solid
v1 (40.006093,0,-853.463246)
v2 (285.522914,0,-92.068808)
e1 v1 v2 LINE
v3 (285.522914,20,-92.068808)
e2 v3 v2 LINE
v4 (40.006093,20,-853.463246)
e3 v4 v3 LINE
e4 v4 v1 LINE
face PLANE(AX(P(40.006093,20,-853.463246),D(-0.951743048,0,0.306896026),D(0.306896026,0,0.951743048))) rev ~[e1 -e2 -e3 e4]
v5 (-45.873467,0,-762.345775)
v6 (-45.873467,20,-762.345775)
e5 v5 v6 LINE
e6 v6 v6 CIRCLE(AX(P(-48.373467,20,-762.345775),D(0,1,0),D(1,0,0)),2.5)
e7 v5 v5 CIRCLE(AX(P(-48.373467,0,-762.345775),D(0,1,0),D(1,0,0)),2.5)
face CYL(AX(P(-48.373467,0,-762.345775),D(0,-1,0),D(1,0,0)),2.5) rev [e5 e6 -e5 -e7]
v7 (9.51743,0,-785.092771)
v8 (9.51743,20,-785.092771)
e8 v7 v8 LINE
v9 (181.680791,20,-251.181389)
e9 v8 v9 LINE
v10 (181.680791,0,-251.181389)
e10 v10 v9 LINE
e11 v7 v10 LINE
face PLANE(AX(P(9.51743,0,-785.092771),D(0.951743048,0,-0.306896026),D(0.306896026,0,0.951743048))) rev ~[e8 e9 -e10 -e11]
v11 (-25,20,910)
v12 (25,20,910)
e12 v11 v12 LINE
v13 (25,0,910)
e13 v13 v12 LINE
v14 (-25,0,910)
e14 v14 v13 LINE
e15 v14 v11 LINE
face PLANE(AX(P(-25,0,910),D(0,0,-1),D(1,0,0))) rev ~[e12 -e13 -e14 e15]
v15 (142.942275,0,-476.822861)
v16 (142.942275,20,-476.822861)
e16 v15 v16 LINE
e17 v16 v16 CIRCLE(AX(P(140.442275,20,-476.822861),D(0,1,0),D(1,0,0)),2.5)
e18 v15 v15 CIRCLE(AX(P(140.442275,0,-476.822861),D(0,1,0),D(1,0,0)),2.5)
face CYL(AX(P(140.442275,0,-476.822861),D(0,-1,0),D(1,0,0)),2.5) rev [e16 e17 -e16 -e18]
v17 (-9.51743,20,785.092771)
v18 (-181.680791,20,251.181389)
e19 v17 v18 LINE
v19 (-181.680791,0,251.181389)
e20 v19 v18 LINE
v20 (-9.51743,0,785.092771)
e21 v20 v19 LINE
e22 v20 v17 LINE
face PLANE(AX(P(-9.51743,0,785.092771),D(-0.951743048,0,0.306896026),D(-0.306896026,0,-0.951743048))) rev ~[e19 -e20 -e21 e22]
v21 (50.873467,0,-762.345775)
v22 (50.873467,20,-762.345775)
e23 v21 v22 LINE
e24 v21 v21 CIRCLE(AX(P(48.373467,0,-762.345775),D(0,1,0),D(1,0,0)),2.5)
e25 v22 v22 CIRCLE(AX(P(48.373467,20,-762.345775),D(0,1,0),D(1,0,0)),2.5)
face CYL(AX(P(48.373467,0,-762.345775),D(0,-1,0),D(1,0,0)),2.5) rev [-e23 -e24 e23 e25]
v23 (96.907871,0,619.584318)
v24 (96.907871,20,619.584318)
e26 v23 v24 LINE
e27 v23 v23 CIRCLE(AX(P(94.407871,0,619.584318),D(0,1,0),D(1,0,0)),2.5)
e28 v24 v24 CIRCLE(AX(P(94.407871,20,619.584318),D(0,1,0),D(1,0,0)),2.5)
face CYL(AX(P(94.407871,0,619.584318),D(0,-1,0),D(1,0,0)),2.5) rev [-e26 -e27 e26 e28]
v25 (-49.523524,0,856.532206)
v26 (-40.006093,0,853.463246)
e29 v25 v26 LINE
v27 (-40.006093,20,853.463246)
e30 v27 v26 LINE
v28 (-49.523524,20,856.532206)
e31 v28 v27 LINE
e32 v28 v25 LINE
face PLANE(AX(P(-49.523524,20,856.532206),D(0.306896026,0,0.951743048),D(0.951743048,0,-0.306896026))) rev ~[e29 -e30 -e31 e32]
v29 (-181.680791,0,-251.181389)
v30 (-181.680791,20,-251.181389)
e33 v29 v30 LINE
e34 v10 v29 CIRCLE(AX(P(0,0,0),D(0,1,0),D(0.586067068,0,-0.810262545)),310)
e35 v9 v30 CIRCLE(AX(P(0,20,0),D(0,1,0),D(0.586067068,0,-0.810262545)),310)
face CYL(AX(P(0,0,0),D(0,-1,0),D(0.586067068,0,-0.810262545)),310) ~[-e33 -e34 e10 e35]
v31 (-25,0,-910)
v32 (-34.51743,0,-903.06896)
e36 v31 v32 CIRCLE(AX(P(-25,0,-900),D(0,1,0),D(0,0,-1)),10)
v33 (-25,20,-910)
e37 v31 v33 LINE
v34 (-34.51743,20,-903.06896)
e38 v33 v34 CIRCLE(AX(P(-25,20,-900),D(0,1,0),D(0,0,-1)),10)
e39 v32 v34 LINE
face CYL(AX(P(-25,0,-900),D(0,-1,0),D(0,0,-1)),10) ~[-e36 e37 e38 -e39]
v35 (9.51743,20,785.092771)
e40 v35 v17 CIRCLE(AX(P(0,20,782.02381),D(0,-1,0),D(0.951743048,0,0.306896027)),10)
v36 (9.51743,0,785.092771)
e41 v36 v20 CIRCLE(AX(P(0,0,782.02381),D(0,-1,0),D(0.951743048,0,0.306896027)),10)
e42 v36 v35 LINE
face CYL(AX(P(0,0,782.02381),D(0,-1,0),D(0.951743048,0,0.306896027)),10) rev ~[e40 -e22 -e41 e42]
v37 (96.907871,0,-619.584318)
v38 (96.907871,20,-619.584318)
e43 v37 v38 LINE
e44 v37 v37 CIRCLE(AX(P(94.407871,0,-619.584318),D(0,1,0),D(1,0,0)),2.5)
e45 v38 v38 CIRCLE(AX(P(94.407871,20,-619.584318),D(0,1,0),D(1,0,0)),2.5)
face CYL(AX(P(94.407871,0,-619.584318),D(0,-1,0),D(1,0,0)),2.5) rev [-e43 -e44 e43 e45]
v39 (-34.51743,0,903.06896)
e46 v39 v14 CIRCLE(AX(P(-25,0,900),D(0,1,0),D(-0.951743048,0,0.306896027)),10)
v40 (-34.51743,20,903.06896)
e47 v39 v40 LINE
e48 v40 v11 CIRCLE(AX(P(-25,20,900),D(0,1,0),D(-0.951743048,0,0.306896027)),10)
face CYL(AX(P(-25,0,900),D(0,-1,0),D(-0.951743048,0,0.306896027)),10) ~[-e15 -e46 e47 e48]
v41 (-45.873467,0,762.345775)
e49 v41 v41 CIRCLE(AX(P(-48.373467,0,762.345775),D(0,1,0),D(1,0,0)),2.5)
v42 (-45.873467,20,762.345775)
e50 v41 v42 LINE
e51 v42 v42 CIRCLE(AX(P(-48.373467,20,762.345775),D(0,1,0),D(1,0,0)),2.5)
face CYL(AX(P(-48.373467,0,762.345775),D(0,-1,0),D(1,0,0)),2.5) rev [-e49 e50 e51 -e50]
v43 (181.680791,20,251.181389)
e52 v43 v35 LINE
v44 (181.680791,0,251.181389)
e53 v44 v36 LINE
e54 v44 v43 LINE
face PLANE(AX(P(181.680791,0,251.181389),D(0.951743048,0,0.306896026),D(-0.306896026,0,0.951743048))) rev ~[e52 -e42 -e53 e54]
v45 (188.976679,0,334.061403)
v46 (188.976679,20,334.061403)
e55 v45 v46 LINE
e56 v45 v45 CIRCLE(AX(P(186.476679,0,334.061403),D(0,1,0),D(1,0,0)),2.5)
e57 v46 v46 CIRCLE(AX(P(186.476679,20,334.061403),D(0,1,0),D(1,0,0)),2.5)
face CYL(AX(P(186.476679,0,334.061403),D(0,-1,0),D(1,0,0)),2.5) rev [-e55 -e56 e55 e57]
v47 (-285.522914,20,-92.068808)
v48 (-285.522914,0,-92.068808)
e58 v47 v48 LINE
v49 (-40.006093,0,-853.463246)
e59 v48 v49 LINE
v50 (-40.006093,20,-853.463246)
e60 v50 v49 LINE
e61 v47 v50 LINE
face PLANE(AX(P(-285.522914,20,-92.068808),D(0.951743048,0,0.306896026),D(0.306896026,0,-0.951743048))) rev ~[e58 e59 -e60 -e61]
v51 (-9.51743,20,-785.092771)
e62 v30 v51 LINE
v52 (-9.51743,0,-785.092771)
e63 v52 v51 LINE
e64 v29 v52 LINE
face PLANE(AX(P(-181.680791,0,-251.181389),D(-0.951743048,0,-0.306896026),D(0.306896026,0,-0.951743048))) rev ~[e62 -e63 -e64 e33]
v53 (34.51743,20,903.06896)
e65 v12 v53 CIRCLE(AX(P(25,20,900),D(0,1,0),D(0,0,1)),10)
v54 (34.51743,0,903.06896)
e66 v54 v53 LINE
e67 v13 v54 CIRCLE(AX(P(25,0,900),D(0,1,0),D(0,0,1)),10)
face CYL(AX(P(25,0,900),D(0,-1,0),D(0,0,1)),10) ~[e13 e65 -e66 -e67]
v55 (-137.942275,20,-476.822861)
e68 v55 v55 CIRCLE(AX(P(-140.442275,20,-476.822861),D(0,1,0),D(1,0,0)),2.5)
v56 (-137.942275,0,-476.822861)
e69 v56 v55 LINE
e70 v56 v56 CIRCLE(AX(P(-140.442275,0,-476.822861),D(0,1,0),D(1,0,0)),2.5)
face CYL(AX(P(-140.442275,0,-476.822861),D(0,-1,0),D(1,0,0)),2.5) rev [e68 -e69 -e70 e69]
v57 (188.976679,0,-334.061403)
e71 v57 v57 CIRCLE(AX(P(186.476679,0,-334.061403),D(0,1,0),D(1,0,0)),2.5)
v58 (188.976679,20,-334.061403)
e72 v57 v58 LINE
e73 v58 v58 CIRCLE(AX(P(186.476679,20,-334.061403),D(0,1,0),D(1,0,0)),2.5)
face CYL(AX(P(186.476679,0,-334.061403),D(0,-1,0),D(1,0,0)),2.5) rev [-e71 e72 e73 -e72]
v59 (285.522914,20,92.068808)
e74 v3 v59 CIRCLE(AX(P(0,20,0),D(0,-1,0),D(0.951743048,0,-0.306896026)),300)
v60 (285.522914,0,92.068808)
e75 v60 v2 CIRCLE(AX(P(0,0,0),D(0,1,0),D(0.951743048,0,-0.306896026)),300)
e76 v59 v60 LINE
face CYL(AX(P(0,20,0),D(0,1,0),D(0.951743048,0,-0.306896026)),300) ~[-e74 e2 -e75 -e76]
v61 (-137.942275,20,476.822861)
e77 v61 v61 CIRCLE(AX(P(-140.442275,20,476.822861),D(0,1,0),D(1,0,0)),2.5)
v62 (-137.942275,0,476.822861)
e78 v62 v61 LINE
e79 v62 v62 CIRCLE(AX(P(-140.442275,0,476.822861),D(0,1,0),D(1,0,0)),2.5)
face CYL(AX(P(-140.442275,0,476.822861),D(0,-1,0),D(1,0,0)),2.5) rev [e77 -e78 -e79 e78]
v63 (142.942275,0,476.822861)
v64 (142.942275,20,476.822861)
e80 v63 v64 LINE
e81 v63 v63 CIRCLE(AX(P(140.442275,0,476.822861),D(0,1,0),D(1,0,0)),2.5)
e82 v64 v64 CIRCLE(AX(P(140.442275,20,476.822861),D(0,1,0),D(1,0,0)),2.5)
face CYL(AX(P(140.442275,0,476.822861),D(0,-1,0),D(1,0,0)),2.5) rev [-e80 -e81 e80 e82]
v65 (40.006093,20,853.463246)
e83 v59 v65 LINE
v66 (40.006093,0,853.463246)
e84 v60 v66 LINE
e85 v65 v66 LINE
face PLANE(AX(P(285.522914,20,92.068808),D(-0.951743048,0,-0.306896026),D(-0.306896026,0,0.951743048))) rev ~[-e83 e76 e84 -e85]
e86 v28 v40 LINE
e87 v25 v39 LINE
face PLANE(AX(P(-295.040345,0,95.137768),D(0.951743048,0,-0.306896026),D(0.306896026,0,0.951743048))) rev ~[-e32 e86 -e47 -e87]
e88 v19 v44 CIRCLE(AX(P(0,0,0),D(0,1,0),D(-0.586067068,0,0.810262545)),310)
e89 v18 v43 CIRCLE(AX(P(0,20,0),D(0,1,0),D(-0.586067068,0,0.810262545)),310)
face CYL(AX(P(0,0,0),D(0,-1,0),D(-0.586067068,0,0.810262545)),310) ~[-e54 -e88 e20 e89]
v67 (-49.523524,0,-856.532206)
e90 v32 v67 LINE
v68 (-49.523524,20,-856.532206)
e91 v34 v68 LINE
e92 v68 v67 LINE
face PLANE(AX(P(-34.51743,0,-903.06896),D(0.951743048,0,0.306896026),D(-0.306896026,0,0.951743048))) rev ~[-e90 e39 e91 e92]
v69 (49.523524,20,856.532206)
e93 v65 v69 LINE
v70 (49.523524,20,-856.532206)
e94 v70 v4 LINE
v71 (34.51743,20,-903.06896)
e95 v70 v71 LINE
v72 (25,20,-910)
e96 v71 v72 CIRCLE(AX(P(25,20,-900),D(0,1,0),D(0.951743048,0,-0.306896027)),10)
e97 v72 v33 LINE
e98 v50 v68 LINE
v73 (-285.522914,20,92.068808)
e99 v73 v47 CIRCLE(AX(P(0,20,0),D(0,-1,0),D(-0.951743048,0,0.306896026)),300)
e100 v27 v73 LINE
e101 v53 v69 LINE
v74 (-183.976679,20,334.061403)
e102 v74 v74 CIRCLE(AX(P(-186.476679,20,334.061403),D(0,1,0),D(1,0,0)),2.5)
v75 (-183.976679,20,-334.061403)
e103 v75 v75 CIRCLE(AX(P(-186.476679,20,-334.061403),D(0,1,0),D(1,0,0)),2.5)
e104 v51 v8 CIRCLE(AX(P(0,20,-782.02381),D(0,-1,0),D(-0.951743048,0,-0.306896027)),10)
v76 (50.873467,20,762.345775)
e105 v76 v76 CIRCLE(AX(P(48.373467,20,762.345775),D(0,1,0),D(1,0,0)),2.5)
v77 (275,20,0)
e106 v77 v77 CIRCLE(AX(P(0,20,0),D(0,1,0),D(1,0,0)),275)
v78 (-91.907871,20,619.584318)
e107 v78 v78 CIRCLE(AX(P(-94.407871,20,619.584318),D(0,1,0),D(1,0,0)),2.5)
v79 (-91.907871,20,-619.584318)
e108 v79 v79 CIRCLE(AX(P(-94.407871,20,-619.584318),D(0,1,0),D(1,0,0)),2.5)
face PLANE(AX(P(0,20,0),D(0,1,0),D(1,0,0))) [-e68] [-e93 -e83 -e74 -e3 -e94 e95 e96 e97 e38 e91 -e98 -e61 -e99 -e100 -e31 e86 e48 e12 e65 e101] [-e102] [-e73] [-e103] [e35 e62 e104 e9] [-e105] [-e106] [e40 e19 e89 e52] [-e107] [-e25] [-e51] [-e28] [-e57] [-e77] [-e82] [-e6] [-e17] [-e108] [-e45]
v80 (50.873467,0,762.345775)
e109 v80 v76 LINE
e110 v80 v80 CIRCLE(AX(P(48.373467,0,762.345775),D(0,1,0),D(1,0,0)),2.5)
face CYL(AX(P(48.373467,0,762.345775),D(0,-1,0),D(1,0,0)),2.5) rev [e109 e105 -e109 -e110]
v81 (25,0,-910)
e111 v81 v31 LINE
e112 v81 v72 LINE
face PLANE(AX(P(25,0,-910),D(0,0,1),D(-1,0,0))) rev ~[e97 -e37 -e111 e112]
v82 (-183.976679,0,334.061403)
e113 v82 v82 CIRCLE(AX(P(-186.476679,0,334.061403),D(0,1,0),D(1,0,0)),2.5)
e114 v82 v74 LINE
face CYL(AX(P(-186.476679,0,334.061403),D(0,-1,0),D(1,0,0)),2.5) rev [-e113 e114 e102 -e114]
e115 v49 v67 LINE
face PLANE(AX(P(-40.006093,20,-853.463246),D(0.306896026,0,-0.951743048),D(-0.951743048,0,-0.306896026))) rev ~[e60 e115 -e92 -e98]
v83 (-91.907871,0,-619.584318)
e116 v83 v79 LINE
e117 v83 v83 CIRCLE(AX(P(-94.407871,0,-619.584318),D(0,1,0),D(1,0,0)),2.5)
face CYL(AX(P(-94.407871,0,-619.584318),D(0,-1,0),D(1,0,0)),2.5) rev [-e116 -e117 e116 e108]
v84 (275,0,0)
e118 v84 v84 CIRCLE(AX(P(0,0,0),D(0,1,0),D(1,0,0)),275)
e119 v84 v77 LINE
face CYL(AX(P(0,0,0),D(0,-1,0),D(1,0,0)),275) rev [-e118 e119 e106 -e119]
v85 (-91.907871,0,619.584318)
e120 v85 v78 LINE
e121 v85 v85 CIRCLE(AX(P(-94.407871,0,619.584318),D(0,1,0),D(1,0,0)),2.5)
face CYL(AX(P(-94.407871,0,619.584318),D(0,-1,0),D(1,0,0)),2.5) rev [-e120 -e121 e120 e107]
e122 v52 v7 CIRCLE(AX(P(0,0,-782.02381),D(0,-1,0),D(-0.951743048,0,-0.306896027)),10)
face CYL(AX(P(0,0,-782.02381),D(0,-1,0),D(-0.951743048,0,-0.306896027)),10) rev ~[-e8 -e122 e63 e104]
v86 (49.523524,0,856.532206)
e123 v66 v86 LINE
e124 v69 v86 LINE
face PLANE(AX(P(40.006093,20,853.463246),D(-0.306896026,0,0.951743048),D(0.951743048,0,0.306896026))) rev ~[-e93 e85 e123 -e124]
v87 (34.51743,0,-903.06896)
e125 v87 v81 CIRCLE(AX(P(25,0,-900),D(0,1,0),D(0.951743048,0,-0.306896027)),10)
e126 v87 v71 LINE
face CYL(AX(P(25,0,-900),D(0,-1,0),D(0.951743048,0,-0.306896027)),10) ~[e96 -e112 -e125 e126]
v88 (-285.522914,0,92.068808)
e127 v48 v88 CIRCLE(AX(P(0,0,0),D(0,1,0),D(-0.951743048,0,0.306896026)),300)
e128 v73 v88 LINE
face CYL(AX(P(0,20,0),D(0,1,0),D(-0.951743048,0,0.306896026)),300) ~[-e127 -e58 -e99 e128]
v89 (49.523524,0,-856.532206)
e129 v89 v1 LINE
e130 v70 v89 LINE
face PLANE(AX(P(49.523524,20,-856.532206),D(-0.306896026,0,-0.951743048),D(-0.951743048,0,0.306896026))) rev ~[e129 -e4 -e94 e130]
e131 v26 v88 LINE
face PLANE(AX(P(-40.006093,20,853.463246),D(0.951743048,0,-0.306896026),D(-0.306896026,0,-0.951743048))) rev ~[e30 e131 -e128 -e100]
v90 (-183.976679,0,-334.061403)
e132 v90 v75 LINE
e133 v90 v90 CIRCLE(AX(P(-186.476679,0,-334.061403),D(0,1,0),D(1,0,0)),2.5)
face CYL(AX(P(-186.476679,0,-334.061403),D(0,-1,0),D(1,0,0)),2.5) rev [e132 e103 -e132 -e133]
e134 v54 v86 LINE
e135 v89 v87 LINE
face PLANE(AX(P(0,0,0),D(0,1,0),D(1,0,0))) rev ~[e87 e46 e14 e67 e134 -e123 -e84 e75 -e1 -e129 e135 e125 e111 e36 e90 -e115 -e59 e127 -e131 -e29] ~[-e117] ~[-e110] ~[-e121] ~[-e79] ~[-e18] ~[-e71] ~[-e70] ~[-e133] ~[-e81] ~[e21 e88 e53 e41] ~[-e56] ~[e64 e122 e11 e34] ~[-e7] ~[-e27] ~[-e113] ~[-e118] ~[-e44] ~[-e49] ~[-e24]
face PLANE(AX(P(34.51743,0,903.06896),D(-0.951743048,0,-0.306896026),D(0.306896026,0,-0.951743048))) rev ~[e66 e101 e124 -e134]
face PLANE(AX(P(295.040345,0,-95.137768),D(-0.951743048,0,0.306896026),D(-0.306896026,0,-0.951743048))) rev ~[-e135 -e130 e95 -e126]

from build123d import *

# Parameters (mm, degrees)
SKETCH2_R           = 2.5
SKETCH2_R_2         = 275
BOSS_EXTRUDE1_DEPTH = 20
CUT_EXTRUDE1_DEPTH  = 21


with BuildPart() as part:
    # Sketch2 → Boss-Extrude1 (new body)
    with BuildSketch(Plane(origin=(0, 0, 0), x_dir=(1, 0, 0), z_dir=(0, 1, 0))):
        with BuildLine():
            Line((-34.517430478, 903.068960265), (-295.040344804, 95.1377682))
            ThreePointArc((-295.040344804, 95.1377682), (-310, 0), (-295.040344804, -95.1377682))
            Line((-295.040344804, -95.1377682), (-34.517430478, -903.068960265))
            ThreePointArc((-34.517430478, -903.068960265), (-30.886866626, -908.083613135), (-25, -910))
            Line((-25, -910), (25, -910))
            ThreePointArc((25, -910), (30.886866626, -908.083613135), (34.517430478, -903.068960265))
            Line((34.517430478, -903.068960265), (295.040344804, -95.1377682))
            ThreePointArc((295.040344804, -95.1377682), (310, 0), (295.040344804, 95.1377682))
            Line((295.040344804, 95.1377682), (34.517430478, 903.068960265))
            ThreePointArc((34.517430478, 903.068960265), (30.886866626, 908.083613135), (25, 910))
            Line((25, 910), (-25, 910))
            ThreePointArc((-25, 910), (-30.886866626, 908.083613135), (-34.517430478, 903.068960265))
        make_face()
        with Locations((-48.373467006, -762.345774842)):
            Circle(SKETCH2_R, mode=Mode.SUBTRACT)
        with Locations((-94.407870974, -619.584317679)):
            Circle(SKETCH2_R, mode=Mode.SUBTRACT)
        with Locations((-140.442274942, -476.822860516)):
            Circle(SKETCH2_R, mode=Mode.SUBTRACT)
        with BuildLine():
            ThreePointArc((-181.680791071, -251.181388952), (0, -310), (181.680791071, -251.181388952))
            Line((181.680791071, -251.181388952), (9.517430478, -785.092770658))
            ThreePointArc((9.517430478, -785.092770658), (0, -792.023810393), (-9.517430478, -785.092770658))
            Line((-9.517430478, -785.092770658), (-181.680791071, -251.181388952))
        make_face(mode=Mode.SUBTRACT)
        with Locations((-186.476678909, -334.061403353)):
            Circle(SKETCH2_R, mode=Mode.SUBTRACT)
        with Locations((48.373467006, -762.345774842)):
            Circle(SKETCH2_R, mode=Mode.SUBTRACT)
        with Locations((94.407870974, -619.584317679)):
            Circle(SKETCH2_R, mode=Mode.SUBTRACT)
        with Locations((140.442274942, -476.822860516)):
            Circle(SKETCH2_R, mode=Mode.SUBTRACT)
        with Locations((186.476678909, -334.061403353)):
            Circle(SKETCH2_R, mode=Mode.SUBTRACT)
        with Locations((-186.476678909, 334.061403353)):
            Circle(SKETCH2_R, mode=Mode.SUBTRACT)
        with Locations((-140.442274942, 476.822860516)):
            Circle(SKETCH2_R, mode=Mode.SUBTRACT)
        with Locations((-94.407870974, 619.584317679)):
            Circle(SKETCH2_R, mode=Mode.SUBTRACT)
        with BuildLine():
            ThreePointArc((181.680791071, 251.181388952), (0, 310), (-181.680791071, 251.181388952))
            Line((-181.680791071, 251.181388952), (-9.517430478, 785.092770658))
            ThreePointArc((-9.517430478, 785.092770658), (0, 792.023810393), (9.517430478, 785.092770658))
            Line((9.517430478, 785.092770658), (181.680791071, 251.181388952))
        make_face(mode=Mode.SUBTRACT)
        with Locations((-48.373467006, 762.345774842)):
            Circle(SKETCH2_R, mode=Mode.SUBTRACT)
        Circle(SKETCH2_R_2, mode=Mode.SUBTRACT)
        with Locations((186.476678909, 334.061403353)):
            Circle(SKETCH2_R, mode=Mode.SUBTRACT)
        with Locations((140.442274942, 476.822860516)):
            Circle(SKETCH2_R, mode=Mode.SUBTRACT)
        with Locations((94.407870974, 619.584317679)):
            Circle(SKETCH2_R, mode=Mode.SUBTRACT)
        with Locations((48.373467006, 762.345774842)):
            Circle(SKETCH2_R, mode=Mode.SUBTRACT)
    extrude(amount=BOSS_EXTRUDE1_DEPTH)

    # Sketch3 → Cut-Extrude1 (cut, through all)
    with BuildSketch(Plane(origin=(0, 20, 0), x_dir=(1, 0, 0), z_dir=(0, 1, 0))):
        with BuildLine():
            Line((-295.040344804, -95.1377682), (-49.523523643, -856.532206403))
            Line((-49.523523643, -856.532206403), (-40.006093165, -853.463246139))
            Line((-40.006093165, -853.463246139), (-285.522914326, -92.068807935))
            ThreePointArc((-285.522914326, -92.068807935), (-300, 0), (-285.522914326, 92.068807935))
            Line((-285.522914326, 92.068807935), (-40.006093165, 853.463246139))
            Line((-40.006093165, 853.463246139), (-49.523523643, 856.532206403))
            Line((-49.523523643, 856.532206403), (-295.040344804, 95.1377682))
            ThreePointArc((-295.040344804, 95.1377682), (-310, 0), (-295.040344804, -95.1377682))
        make_face()
        with BuildLine():
            Line((295.040344804, 95.1377682), (49.523523643, 856.532206403))
            Line((49.523523643, 856.532206403), (40.006093165, 853.463246139))
            Line((40.006093165, 853.463246139), (285.522914326, 92.068807935))
            ThreePointArc((285.522914326, 92.068807935), (300, 0), (285.522914326, -92.068807935))
            Line((285.522914326, -92.068807935), (40.006093165, -853.463246139))
            Line((40.006093165, -853.463246139), (49.523523643, -856.532206403))
            Line((49.523523643, -856.532206403), (295.040344804, -95.1377682))
            ThreePointArc((295.040344804, -95.1377682), (310, 0), (295.040344804, 95.1377682))
        make_face()
    extrude(amount=-CUT_EXTRUDE1_DEPTH, mode=Mode.SUBTRACT)


solid = part.part
